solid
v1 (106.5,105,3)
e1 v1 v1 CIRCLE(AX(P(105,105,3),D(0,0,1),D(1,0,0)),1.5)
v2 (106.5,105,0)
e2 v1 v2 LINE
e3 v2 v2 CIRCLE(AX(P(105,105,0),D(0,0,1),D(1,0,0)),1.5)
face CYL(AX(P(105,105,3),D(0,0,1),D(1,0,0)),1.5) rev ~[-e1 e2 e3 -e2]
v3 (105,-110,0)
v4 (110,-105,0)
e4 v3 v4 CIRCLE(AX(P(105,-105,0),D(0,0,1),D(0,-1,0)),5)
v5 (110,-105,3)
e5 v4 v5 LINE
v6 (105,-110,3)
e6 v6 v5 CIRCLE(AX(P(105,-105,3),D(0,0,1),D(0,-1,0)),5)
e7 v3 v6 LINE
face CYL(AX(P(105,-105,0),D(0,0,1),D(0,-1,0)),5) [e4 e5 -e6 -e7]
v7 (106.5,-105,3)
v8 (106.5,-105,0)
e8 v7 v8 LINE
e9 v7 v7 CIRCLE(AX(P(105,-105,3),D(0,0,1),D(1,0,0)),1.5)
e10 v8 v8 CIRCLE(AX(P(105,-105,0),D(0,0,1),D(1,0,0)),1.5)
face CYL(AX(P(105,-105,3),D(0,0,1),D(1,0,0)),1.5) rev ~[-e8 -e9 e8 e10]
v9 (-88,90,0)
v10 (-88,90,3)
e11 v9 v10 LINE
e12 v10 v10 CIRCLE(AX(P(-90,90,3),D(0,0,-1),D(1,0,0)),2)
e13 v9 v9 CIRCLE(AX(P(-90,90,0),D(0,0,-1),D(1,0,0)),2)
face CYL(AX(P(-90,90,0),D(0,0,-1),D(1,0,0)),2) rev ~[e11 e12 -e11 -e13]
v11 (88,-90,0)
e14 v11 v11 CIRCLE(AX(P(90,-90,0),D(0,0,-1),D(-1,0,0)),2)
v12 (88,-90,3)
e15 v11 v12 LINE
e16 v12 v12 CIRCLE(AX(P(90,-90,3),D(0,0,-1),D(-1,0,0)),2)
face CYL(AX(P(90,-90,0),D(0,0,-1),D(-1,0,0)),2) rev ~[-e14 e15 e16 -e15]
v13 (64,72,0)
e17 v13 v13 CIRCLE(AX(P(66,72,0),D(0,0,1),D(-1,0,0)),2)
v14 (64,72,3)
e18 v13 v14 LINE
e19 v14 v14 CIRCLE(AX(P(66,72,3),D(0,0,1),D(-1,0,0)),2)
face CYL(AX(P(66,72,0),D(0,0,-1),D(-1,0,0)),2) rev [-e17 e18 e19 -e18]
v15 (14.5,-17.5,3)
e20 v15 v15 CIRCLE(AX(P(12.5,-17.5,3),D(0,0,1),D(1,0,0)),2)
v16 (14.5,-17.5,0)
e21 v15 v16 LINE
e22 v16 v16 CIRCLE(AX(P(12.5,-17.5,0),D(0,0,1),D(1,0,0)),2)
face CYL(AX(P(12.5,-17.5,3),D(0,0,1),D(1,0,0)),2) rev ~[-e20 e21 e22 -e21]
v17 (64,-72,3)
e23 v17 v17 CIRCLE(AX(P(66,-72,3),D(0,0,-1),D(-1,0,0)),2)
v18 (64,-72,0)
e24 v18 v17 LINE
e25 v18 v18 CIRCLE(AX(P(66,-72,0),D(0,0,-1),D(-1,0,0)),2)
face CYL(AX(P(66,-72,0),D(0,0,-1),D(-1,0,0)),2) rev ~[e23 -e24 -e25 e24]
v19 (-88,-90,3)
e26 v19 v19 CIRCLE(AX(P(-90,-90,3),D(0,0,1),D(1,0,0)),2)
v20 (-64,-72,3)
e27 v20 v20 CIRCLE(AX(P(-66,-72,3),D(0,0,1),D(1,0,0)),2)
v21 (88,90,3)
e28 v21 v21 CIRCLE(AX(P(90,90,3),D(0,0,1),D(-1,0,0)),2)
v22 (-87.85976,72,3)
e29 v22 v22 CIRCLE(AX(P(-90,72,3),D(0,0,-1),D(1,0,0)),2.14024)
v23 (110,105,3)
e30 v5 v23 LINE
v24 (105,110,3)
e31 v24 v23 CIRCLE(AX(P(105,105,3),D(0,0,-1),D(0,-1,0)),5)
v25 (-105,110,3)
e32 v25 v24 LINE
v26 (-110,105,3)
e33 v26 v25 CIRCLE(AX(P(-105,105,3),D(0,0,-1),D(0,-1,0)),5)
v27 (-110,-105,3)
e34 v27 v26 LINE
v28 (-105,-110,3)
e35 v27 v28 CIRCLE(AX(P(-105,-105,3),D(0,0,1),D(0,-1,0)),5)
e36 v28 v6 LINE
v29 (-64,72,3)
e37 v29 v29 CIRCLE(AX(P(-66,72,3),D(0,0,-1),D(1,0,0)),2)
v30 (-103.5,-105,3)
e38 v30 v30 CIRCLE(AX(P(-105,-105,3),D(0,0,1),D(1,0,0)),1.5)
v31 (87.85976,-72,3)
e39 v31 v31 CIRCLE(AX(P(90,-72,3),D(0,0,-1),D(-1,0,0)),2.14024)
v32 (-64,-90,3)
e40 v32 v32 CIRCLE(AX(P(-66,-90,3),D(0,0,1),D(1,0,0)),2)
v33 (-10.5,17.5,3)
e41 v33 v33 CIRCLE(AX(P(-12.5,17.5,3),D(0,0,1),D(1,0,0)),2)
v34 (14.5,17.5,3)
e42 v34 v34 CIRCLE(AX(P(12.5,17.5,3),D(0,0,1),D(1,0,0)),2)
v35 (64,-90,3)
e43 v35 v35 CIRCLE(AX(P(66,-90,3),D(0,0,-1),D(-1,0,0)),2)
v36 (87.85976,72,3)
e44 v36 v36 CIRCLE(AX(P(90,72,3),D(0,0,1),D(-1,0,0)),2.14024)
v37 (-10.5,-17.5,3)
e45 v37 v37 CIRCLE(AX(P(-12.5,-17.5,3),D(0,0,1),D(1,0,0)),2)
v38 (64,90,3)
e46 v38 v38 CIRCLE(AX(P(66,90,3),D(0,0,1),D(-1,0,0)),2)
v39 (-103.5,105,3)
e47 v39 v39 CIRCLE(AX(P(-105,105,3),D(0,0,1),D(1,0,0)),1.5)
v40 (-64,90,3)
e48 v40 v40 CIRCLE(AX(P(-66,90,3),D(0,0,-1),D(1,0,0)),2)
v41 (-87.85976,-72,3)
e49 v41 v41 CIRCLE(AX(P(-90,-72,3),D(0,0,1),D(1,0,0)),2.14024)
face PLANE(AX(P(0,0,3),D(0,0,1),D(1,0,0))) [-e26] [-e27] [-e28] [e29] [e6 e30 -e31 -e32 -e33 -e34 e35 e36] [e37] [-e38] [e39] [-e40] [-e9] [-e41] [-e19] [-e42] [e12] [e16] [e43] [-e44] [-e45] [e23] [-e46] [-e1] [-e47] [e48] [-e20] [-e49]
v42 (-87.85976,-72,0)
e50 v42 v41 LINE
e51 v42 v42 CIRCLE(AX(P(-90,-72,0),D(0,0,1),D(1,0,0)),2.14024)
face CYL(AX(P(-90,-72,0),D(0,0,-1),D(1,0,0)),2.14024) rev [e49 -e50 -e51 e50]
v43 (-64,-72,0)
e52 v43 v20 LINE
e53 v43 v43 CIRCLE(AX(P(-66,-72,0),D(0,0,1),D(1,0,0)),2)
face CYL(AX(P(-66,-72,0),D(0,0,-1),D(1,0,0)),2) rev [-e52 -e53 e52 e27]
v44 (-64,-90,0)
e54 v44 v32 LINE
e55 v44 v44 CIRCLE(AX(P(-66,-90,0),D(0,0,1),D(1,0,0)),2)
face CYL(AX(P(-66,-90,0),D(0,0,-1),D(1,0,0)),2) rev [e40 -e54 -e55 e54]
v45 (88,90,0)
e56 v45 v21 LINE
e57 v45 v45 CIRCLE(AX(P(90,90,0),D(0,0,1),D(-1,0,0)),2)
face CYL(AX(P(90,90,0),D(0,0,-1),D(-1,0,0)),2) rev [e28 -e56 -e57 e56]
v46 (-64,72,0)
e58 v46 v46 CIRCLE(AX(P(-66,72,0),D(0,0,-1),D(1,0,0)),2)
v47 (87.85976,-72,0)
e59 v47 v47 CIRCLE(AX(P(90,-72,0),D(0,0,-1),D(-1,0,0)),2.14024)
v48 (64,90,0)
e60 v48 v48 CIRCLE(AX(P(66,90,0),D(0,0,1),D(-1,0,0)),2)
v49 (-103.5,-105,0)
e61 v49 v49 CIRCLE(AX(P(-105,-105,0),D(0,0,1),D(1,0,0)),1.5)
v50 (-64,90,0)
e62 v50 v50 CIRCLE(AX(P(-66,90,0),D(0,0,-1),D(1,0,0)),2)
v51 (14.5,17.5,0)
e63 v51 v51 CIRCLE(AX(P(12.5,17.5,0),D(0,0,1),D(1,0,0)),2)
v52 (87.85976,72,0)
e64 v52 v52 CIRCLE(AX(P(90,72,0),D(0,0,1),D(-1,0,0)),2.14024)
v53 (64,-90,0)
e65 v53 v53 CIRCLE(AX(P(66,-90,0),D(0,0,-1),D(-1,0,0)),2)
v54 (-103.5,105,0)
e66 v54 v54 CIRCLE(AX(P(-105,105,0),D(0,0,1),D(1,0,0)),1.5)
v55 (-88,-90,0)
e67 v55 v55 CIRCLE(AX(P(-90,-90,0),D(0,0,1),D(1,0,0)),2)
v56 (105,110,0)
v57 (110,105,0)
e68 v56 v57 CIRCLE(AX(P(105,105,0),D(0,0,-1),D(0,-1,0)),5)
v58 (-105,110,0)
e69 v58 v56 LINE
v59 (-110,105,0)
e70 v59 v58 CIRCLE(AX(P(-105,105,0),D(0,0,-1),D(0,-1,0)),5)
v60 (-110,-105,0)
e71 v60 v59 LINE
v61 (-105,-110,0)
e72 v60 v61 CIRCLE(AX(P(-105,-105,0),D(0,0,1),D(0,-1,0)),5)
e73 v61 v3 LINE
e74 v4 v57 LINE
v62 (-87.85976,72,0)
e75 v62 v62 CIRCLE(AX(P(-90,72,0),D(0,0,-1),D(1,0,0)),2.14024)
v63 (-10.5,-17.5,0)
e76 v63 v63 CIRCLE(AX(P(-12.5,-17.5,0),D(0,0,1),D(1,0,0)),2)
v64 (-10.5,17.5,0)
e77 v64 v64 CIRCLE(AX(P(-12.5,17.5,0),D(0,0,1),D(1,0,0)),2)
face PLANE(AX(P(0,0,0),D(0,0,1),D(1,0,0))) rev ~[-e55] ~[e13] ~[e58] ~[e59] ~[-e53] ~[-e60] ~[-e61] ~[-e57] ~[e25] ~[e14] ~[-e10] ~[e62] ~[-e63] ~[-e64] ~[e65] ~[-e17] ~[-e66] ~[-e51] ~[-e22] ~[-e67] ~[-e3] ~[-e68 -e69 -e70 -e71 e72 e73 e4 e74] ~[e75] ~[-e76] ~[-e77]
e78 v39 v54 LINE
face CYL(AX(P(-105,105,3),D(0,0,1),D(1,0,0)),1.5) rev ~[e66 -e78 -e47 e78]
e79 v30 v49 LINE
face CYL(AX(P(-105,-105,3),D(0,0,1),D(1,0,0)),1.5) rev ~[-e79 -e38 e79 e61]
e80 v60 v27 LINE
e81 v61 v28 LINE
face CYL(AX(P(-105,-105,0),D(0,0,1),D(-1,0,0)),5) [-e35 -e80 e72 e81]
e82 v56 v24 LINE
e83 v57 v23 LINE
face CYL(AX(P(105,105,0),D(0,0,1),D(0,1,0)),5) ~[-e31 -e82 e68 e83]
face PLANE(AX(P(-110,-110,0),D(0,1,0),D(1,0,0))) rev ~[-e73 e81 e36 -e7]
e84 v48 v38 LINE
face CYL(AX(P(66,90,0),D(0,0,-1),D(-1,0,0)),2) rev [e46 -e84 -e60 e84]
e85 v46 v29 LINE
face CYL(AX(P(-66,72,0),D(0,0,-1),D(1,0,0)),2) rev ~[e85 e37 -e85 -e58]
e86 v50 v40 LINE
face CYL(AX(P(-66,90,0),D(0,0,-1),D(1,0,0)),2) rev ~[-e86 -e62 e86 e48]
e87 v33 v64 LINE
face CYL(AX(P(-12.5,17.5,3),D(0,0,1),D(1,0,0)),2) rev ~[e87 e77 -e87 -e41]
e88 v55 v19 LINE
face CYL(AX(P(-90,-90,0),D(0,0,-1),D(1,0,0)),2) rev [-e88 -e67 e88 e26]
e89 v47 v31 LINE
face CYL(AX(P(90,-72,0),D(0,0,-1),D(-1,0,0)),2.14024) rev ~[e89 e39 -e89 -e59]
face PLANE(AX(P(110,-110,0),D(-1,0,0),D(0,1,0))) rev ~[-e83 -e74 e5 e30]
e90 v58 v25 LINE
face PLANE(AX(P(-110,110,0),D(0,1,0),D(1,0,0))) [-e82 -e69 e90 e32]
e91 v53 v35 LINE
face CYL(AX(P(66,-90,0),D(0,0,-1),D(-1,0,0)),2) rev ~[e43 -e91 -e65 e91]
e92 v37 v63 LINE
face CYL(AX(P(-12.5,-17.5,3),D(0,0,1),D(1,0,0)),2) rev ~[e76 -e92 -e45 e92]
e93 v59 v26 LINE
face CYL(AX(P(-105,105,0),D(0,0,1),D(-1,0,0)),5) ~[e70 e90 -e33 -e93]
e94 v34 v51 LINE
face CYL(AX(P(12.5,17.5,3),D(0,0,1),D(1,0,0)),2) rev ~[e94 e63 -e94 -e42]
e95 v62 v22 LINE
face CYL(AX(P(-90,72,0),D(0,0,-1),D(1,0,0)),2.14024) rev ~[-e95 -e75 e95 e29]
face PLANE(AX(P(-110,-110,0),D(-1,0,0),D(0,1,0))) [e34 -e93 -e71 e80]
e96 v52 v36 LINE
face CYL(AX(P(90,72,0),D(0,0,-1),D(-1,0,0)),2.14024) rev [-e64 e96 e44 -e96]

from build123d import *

# Parameters (mm, degrees)
SZKIC1_W                    = 220
SZKIC1_H                    = 220
DODANIE_WYCI_GNI_CIE1_DEPTH = 3
SZKIC2_R                    = 1.5
WYTNIJ_WYCI_GNI_CIE1_DEPTH  = 3
SZKIC3_R                    = 1.5
WYTNIJ_WYCI_GNI_CIE2_DEPTH  = 3
SZKIC4_R                    = 2
WYTNIJ_WYCI_GNI_CIE3_DEPTH  = 3
ZAOKR_GLENIE1_R             = 5
WYTNIJ_WYCI_GNI_CIE4_REACH  = 157.592
SZKIC6_R                    = 2.140240334
SZKIC6_R_2                  = 2
LUSTRO2_COPY_1_REACH        = 157.592
LUSTRO2_COPY_1_SKETCH_R     = 2.140240334
LUSTRO2_COPY_1_SKETCH_R_2   = 2


with BuildPart() as part:
    # Szkic1 → Dodanie-wyciągnięcie1 (new body)
    with BuildSketch(Plane.XY):
        Rectangle(SZKIC1_W, SZKIC1_H)
    extrude(amount=DODANIE_WYCI_GNI_CIE1_DEPTH)

    # Szkic2 → Wytnij-wyciągnięcie1 (cut)
    with BuildSketch(Plane.XY.offset(3)):
        with Locations((105, 105)):
            Circle(SZKIC2_R)
    extrude(amount=-WYTNIJ_WYCI_GNI_CIE1_DEPTH, mode=Mode.SUBTRACT)

    # Szkic3 → Wytnij-wyciągnięcie2 (cut)
    with BuildSketch(Plane.XY.offset(3)):
        with Locations((-105, 105)):
            Circle(SZKIC3_R)
        with Locations((-105, -105)):
            Circle(SZKIC3_R)
        with Locations((105, -105)):
            Circle(SZKIC3_R)
    extrude(amount=-WYTNIJ_WYCI_GNI_CIE2_DEPTH, mode=Mode.SUBTRACT)

    # Szkic4 → Wytnij-wyciągnięcie3 (cut)
    with BuildSketch(Plane.XY.offset(3)):
        with Locations((-12.5, -17.5)):
            Circle(SZKIC4_R)
        with Locations((-12.5, 17.5)):
            Circle(SZKIC4_R)
        with Locations((12.5, 17.5)):
            Circle(SZKIC4_R)
        with Locations((12.5, -17.5)):
            Circle(SZKIC4_R)
    extrude(amount=-WYTNIJ_WYCI_GNI_CIE3_DEPTH, mode=Mode.SUBTRACT)

    # Zaokrąglenie1
    zaokr_glenie1_edges = [part.edges().sort_by_distance(p)[0] for p in [
        (110, -110, 1.5),
        (-110, -110, 1.5),
        (-110, 110, 1.5),
        (110, 110, 1.5),
    ]]
    fillet(zaokr_glenie1_edges, radius=ZAOKR_GLENIE1_R)

    # Szkic6 → Wytnij-wyciągnięcie4 (cut, up to next)
    with BuildSketch(Plane(origin=(0, 0, 0), x_dir=(-1, 0, 0), z_dir=(0, 0, -1)), mode=Mode.PRIVATE) as wytnij_wyci_gni_cie4_sk1:
        with Locations((-90, -72)):
            Circle(SZKIC6_R)
    wytnij_wyci_gni_cie4_tool1 = extrude(wytnij_wyci_gni_cie4_sk1.sketch, amount=-WYTNIJ_WYCI_GNI_CIE4_REACH, mode=Mode.PRIVATE) & part.part
    # Szkic6 → Wytnij-wyciągnięcie4 (cut, up to next)
    with BuildSketch(Plane(origin=(0, 0, 0), x_dir=(-1, 0, 0), z_dir=(0, 0, -1)), mode=Mode.PRIVATE) as wytnij_wyci_gni_cie4_sk2:
        with Locations((-66, -72)):
            Circle(SZKIC6_R_2)
    wytnij_wyci_gni_cie4_tool2 = extrude(wytnij_wyci_gni_cie4_sk2.sketch, amount=-WYTNIJ_WYCI_GNI_CIE4_REACH, mode=Mode.PRIVATE) & part.part
    # Szkic6 → Wytnij-wyciągnięcie4 (cut, up to next)
    with BuildSketch(Plane(origin=(0, 0, 0), x_dir=(-1, 0, 0), z_dir=(0, 0, -1)), mode=Mode.PRIVATE) as wytnij_wyci_gni_cie4_sk3:
        with Locations((-66, -90)):
            Circle(SZKIC6_R_2)
    wytnij_wyci_gni_cie4_tool3 = extrude(wytnij_wyci_gni_cie4_sk3.sketch, amount=-WYTNIJ_WYCI_GNI_CIE4_REACH, mode=Mode.PRIVATE) & part.part
    # Szkic6 → Wytnij-wyciągnięcie4 (cut, up to next)
    with BuildSketch(Plane(origin=(0, 0, 0), x_dir=(-1, 0, 0), z_dir=(0, 0, -1)), mode=Mode.PRIVATE) as wytnij_wyci_gni_cie4_sk4:
        with Locations((-90, -90)):
            Circle(SZKIC6_R_2)
    wytnij_wyci_gni_cie4_tool4 = extrude(wytnij_wyci_gni_cie4_sk4.sketch, amount=-WYTNIJ_WYCI_GNI_CIE4_REACH, mode=Mode.PRIVATE) & part.part
    wytnij_wyci_gni_cie4_1 = wytnij_wyci_gni_cie4_tool1.solids().sort_by_distance((90, -72, 0))[0]
    add(wytnij_wyci_gni_cie4_1, mode=Mode.SUBTRACT)
    wytnij_wyci_gni_cie4_2 = wytnij_wyci_gni_cie4_tool2.solids().sort_by_distance((66, -72, 0))[0]
    add(wytnij_wyci_gni_cie4_2, mode=Mode.SUBTRACT)
    wytnij_wyci_gni_cie4_3 = wytnij_wyci_gni_cie4_tool3.solids().sort_by_distance((66, -90, 0))[0]
    add(wytnij_wyci_gni_cie4_3, mode=Mode.SUBTRACT)
    wytnij_wyci_gni_cie4_4 = wytnij_wyci_gni_cie4_tool4.solids().sort_by_distance((90, -90, 0))[0]
    add(wytnij_wyci_gni_cie4_4, mode=Mode.SUBTRACT)
    wytnij_wyci_gni_cie4 = wytnij_wyci_gni_cie4_1 + wytnij_wyci_gni_cie4_2 + wytnij_wyci_gni_cie4_3 + wytnij_wyci_gni_cie4_4  # Wytnij-wyciągnięcie4 as one shape, for the pattern or mirror that repeats it

    # Lustro1: Wytnij-wyciągnięcie4 across plane
    add(wytnij_wyci_gni_cie4.mirror(Plane(origin=(0, 0, 0), x_dir=(0, 0, 1), z_dir=(1, 0, 0))), mode=Mode.SUBTRACT)

    # Lustro2: Wytnij-wyciągnięcie4 across plane
    add(wytnij_wyci_gni_cie4.mirror(Plane.ZX), mode=Mode.SUBTRACT)

    # Lustro2 copy 1 sketch → Lustro2 copy 1 (cut, up to next)
    with BuildSketch(Plane(origin=(0, 0, 0), x_dir=(1, 0, 0), z_dir=(0, 0, -1)), mode=Mode.PRIVATE) as lustro2_copy_1_sk1:
        with Locations((-90, -72)):
            Circle(LUSTRO2_COPY_1_SKETCH_R)
    lustro2_copy_1_tool1 = extrude(lustro2_copy_1_sk1.sketch, amount=-LUSTRO2_COPY_1_REACH, mode=Mode.PRIVATE) & part.part
    # Lustro2 copy 1 sketch → Lustro2 copy 1 (cut, up to next)
    with BuildSketch(Plane(origin=(0, 0, 0), x_dir=(1, 0, 0), z_dir=(0, 0, -1)), mode=Mode.PRIVATE) as lustro2_copy_1_sk2:
        with Locations((-66, -72)):
            Circle(LUSTRO2_COPY_1_SKETCH_R_2)
    lustro2_copy_1_tool2 = extrude(lustro2_copy_1_sk2.sketch, amount=-LUSTRO2_COPY_1_REACH, mode=Mode.PRIVATE) & part.part
    # Lustro2 copy 1 sketch → Lustro2 copy 1 (cut, up to next)
    with BuildSketch(Plane(origin=(0, 0, 0), x_dir=(1, 0, 0), z_dir=(0, 0, -1)), mode=Mode.PRIVATE) as lustro2_copy_1_sk3:
        with Locations((-66, -90)):
            Circle(LUSTRO2_COPY_1_SKETCH_R_2)
    lustro2_copy_1_tool3 = extrude(lustro2_copy_1_sk3.sketch, amount=-LUSTRO2_COPY_1_REACH, mode=Mode.PRIVATE) & part.part
    # Lustro2 copy 1 sketch → Lustro2 copy 1 (cut, up to next)
    with BuildSketch(Plane(origin=(0, 0, 0), x_dir=(1, 0, 0), z_dir=(0, 0, -1)), mode=Mode.PRIVATE) as lustro2_copy_1_sk4:
        with Locations((-90, -90)):
            Circle(LUSTRO2_COPY_1_SKETCH_R_2)
    lustro2_copy_1_tool4 = extrude(lustro2_copy_1_sk4.sketch, amount=-LUSTRO2_COPY_1_REACH, mode=Mode.PRIVATE) & part.part
    add(lustro2_copy_1_tool1.solids().sort_by_distance((-90, 72, 0))[0], mode=Mode.SUBTRACT)
    add(lustro2_copy_1_tool2.solids().sort_by_distance((-66, 72, 0))[0], mode=Mode.SUBTRACT)
    add(lustro2_copy_1_tool3.solids().sort_by_distance((-66, 90, 0))[0], mode=Mode.SUBTRACT)
    add(lustro2_copy_1_tool4.solids().sort_by_distance((-90, 90, 0))[0], mode=Mode.SUBTRACT)


solid = part.part
